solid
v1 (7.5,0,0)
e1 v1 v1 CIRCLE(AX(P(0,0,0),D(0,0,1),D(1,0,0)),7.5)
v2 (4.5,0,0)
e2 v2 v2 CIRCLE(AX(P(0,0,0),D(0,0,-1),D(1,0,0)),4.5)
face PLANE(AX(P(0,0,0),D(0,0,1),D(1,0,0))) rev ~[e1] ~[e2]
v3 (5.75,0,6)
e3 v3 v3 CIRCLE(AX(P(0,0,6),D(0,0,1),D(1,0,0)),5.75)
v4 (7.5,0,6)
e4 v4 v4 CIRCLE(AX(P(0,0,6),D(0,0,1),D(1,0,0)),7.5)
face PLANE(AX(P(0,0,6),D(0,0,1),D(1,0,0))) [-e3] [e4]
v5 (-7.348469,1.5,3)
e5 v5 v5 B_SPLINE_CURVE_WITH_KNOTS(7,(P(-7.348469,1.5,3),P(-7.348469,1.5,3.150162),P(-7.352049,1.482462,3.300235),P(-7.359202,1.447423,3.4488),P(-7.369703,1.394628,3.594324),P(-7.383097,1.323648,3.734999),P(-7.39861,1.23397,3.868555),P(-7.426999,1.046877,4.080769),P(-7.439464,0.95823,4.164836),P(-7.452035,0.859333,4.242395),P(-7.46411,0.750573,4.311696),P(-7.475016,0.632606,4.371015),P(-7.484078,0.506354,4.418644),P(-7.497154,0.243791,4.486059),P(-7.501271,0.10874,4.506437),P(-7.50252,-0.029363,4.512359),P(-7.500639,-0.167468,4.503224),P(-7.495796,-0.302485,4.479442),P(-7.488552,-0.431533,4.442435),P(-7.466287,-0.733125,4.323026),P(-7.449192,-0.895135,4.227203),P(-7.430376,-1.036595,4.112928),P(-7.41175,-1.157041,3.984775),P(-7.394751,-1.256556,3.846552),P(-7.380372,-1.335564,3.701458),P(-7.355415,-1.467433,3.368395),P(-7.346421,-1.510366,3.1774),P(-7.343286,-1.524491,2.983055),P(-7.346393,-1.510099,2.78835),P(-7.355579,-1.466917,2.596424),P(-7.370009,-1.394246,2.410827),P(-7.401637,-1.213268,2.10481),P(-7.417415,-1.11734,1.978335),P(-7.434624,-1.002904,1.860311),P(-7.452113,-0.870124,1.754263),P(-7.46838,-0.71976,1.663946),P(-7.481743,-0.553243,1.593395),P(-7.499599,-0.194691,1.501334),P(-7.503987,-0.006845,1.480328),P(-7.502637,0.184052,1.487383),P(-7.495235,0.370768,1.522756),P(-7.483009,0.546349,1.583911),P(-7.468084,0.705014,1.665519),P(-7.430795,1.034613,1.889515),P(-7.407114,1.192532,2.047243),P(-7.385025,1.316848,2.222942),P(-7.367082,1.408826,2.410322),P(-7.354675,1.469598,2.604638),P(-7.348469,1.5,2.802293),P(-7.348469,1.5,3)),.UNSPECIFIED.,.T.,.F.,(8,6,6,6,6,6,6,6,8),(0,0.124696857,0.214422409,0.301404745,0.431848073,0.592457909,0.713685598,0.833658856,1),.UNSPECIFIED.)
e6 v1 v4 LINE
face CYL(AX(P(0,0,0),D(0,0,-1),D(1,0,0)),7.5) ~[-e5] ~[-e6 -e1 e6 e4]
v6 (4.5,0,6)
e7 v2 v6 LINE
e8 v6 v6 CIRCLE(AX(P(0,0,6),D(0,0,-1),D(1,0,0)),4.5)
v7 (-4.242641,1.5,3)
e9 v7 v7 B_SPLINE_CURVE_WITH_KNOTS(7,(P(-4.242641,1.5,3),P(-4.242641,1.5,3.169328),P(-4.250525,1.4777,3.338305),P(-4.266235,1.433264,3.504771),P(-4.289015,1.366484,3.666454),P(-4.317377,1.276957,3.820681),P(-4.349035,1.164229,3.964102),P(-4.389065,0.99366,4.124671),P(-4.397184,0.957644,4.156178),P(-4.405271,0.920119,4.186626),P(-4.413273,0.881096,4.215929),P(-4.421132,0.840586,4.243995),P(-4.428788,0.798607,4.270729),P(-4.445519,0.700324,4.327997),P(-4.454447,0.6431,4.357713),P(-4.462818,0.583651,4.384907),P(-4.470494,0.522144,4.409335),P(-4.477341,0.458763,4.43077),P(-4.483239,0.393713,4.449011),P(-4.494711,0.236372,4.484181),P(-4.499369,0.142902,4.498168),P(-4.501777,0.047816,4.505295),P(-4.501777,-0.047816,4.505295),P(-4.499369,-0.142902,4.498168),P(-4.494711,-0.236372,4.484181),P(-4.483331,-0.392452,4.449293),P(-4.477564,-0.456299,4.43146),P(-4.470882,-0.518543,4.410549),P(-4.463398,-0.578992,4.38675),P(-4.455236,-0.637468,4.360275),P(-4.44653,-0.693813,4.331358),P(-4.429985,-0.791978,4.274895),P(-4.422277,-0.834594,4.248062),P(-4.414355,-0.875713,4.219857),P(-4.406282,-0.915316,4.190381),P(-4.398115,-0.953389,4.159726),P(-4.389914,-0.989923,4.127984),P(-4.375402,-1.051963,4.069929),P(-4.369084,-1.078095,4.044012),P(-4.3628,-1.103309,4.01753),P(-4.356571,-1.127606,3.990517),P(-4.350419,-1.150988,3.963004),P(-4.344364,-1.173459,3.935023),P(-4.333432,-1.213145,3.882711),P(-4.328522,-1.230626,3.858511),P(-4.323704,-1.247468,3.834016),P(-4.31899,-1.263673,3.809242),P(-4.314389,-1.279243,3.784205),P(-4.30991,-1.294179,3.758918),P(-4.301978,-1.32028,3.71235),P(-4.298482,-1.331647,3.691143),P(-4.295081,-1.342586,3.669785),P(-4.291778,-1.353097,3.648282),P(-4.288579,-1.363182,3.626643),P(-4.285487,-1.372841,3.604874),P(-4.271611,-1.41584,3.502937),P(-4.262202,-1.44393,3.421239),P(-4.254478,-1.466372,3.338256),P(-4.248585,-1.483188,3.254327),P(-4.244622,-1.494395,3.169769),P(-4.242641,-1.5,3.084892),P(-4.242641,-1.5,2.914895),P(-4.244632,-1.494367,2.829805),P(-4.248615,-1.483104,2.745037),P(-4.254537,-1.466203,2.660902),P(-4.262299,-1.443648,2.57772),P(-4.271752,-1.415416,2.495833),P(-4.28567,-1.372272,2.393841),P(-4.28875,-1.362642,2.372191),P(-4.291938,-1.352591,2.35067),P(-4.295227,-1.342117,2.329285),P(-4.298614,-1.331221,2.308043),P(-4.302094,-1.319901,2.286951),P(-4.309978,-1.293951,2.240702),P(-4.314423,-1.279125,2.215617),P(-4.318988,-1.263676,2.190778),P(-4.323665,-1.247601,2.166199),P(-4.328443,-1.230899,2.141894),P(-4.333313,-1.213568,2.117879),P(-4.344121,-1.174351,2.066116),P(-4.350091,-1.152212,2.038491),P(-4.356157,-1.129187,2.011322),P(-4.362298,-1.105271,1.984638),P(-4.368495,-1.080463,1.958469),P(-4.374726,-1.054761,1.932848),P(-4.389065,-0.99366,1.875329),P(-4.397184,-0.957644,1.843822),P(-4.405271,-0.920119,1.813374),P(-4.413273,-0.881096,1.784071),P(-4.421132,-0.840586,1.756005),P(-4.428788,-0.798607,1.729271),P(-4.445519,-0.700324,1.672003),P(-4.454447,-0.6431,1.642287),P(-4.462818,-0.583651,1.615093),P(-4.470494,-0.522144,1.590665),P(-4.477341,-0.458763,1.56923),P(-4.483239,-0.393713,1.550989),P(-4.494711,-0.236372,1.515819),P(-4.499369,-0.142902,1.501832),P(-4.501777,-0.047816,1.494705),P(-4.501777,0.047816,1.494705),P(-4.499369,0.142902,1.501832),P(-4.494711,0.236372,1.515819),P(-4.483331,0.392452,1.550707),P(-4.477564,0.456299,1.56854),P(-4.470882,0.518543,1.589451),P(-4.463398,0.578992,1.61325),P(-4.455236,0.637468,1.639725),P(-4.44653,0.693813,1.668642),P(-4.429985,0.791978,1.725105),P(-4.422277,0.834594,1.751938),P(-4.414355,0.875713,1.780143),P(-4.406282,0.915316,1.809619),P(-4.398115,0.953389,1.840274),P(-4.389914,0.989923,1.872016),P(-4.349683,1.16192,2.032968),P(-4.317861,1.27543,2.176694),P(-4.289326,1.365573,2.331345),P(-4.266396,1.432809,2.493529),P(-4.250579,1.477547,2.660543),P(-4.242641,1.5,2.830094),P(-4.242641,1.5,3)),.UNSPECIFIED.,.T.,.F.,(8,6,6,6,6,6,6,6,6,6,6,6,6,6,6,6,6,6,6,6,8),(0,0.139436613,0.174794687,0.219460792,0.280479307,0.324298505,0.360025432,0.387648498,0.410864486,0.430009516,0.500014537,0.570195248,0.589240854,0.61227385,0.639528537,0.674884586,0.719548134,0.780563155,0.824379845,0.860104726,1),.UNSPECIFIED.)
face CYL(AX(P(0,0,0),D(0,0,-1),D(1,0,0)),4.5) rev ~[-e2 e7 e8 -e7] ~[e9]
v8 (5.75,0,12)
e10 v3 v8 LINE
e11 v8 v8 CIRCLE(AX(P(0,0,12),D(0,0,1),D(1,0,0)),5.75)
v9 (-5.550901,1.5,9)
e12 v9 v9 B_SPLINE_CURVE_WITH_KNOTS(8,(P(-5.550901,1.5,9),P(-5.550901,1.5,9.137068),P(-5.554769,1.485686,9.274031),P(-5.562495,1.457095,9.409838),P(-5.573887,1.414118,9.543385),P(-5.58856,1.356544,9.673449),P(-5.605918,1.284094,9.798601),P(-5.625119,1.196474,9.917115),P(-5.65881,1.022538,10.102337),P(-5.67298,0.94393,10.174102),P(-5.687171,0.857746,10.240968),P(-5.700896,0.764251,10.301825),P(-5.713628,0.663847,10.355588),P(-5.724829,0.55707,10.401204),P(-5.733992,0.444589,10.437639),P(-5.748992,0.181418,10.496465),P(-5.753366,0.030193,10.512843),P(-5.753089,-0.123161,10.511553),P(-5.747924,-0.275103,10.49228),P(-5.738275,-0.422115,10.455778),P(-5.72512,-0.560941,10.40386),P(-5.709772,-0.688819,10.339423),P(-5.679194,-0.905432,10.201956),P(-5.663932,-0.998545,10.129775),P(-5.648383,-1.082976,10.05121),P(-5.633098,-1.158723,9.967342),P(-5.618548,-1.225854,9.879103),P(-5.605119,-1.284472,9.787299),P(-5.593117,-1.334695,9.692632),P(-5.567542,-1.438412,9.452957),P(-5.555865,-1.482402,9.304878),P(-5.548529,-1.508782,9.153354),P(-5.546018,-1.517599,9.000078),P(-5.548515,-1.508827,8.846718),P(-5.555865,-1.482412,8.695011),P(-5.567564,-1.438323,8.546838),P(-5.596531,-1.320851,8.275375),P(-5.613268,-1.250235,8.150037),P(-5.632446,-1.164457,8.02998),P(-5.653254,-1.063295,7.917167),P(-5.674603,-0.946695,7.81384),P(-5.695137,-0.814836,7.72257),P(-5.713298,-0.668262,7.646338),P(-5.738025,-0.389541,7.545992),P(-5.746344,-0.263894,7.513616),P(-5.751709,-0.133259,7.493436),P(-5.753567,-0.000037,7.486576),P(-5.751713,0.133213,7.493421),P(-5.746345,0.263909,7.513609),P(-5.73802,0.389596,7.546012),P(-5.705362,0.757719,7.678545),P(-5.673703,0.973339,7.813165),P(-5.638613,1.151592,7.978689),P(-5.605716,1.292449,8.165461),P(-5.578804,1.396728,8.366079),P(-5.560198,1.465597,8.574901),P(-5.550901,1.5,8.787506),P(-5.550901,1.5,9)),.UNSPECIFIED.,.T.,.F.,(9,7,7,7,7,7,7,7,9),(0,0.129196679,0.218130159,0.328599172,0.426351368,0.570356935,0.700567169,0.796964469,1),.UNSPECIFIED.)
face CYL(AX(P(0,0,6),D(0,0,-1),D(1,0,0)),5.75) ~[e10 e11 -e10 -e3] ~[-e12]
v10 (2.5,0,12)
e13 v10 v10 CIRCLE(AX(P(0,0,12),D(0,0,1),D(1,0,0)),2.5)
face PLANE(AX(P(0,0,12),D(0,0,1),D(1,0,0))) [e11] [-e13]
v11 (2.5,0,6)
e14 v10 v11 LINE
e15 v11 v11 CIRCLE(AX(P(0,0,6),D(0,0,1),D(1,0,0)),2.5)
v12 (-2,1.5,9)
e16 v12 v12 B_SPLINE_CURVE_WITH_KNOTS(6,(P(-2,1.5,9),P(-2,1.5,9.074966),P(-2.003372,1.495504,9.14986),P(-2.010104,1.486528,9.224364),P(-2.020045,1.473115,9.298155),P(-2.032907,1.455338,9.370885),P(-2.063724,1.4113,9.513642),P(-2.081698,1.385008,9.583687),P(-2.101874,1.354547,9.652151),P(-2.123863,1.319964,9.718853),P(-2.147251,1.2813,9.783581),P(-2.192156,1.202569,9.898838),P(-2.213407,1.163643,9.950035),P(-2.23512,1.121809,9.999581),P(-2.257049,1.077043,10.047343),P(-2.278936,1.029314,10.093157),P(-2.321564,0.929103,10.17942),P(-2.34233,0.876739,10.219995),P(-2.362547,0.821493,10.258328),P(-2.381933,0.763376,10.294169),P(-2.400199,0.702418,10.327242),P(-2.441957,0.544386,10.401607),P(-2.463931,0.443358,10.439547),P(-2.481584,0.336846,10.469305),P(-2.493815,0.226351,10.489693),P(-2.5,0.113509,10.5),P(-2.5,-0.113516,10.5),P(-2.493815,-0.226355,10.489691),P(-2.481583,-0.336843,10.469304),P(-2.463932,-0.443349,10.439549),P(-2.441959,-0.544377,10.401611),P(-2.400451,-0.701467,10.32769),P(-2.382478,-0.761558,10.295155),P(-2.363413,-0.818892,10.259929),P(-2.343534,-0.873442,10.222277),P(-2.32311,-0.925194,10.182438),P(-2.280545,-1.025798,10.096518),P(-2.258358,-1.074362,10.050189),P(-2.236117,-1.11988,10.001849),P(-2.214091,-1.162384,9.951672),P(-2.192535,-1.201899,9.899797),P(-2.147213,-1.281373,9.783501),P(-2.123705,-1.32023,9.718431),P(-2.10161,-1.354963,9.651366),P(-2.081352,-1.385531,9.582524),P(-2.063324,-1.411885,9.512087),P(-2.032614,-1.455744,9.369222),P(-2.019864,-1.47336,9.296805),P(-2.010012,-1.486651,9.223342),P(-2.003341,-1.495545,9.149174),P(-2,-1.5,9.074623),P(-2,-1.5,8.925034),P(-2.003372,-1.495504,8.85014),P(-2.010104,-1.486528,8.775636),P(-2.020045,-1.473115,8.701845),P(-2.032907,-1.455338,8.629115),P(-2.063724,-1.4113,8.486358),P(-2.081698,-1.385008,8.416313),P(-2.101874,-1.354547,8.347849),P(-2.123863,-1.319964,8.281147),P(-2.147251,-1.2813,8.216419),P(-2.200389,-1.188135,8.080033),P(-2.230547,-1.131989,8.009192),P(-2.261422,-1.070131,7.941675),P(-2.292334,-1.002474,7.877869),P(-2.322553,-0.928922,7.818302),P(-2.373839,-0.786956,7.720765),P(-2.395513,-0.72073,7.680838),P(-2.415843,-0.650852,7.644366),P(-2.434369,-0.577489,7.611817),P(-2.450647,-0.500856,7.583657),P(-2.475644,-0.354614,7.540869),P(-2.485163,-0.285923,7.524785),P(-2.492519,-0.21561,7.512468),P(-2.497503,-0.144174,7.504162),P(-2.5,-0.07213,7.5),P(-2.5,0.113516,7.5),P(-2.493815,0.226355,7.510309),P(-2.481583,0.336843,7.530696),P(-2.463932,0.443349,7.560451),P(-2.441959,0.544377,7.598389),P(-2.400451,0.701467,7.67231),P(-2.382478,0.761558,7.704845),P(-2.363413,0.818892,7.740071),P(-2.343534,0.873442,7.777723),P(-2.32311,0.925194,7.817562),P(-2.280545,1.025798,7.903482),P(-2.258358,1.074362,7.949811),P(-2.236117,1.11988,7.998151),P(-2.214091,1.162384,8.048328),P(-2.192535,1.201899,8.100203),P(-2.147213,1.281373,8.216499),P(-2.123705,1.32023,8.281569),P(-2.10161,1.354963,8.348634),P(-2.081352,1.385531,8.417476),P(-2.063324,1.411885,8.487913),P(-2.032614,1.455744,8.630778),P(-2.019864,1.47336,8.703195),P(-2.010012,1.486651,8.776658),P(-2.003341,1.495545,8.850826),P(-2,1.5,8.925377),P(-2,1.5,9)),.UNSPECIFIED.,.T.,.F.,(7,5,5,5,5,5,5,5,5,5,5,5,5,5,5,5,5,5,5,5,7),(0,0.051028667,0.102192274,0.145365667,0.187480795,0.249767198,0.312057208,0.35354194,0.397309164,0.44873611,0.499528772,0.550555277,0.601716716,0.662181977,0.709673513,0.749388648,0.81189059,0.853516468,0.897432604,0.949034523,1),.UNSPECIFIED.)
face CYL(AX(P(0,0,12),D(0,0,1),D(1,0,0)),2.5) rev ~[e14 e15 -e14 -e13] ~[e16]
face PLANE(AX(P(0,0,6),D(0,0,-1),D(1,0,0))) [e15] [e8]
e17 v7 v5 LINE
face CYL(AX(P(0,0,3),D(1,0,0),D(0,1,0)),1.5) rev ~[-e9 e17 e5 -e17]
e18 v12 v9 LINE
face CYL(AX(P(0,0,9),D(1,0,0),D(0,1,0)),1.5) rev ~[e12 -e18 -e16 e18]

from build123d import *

# Parameters (mm, degrees)
F0_R     = 7.5
F1_DEPTH = 6
F2_R     = 5.75
F3_DEPTH = 6
F4_R     = 2.5
F5_DEPTH = 6
F6_R     = 4.5
F7_DEPTH = 6
F8_R     = 1.5
F9_DEPTH = 25


with BuildPart() as f1:
    # F0 (on Top) → F1 (new body)
    with BuildSketch(Plane.XY):
        Circle(F0_R)
    extrude(amount=F1_DEPTH)

    # F2 (on face) → F3 (join)
    with BuildSketch(Plane.XY.offset(6)):
        Circle(F2_R)
    extrude(amount=F3_DEPTH)

    # F4 (on face) → F5 (cut)
    with BuildSketch(Plane.XY.offset(12)):
        Circle(F4_R)
    extrude(amount=-F5_DEPTH, mode=Mode.SUBTRACT)

    # F6 (on face) → F7 (cut)
    with BuildSketch(Plane(origin=(0, 0, 0), x_dir=(1, 0, 0), z_dir=(0, 0, -1))):
        Circle(F6_R)
    extrude(amount=-F7_DEPTH, mode=Mode.SUBTRACT)

    # F8 (on Right) → F9 (cut)
    with BuildSketch(Plane.YZ):
        with Locations((0, 3)):
            Circle(F8_R)
        with Locations((0, 9)):
            Circle(F8_R)
    extrude(amount=-F9_DEPTH, mode=Mode.SUBTRACT)


solid = f1.part
